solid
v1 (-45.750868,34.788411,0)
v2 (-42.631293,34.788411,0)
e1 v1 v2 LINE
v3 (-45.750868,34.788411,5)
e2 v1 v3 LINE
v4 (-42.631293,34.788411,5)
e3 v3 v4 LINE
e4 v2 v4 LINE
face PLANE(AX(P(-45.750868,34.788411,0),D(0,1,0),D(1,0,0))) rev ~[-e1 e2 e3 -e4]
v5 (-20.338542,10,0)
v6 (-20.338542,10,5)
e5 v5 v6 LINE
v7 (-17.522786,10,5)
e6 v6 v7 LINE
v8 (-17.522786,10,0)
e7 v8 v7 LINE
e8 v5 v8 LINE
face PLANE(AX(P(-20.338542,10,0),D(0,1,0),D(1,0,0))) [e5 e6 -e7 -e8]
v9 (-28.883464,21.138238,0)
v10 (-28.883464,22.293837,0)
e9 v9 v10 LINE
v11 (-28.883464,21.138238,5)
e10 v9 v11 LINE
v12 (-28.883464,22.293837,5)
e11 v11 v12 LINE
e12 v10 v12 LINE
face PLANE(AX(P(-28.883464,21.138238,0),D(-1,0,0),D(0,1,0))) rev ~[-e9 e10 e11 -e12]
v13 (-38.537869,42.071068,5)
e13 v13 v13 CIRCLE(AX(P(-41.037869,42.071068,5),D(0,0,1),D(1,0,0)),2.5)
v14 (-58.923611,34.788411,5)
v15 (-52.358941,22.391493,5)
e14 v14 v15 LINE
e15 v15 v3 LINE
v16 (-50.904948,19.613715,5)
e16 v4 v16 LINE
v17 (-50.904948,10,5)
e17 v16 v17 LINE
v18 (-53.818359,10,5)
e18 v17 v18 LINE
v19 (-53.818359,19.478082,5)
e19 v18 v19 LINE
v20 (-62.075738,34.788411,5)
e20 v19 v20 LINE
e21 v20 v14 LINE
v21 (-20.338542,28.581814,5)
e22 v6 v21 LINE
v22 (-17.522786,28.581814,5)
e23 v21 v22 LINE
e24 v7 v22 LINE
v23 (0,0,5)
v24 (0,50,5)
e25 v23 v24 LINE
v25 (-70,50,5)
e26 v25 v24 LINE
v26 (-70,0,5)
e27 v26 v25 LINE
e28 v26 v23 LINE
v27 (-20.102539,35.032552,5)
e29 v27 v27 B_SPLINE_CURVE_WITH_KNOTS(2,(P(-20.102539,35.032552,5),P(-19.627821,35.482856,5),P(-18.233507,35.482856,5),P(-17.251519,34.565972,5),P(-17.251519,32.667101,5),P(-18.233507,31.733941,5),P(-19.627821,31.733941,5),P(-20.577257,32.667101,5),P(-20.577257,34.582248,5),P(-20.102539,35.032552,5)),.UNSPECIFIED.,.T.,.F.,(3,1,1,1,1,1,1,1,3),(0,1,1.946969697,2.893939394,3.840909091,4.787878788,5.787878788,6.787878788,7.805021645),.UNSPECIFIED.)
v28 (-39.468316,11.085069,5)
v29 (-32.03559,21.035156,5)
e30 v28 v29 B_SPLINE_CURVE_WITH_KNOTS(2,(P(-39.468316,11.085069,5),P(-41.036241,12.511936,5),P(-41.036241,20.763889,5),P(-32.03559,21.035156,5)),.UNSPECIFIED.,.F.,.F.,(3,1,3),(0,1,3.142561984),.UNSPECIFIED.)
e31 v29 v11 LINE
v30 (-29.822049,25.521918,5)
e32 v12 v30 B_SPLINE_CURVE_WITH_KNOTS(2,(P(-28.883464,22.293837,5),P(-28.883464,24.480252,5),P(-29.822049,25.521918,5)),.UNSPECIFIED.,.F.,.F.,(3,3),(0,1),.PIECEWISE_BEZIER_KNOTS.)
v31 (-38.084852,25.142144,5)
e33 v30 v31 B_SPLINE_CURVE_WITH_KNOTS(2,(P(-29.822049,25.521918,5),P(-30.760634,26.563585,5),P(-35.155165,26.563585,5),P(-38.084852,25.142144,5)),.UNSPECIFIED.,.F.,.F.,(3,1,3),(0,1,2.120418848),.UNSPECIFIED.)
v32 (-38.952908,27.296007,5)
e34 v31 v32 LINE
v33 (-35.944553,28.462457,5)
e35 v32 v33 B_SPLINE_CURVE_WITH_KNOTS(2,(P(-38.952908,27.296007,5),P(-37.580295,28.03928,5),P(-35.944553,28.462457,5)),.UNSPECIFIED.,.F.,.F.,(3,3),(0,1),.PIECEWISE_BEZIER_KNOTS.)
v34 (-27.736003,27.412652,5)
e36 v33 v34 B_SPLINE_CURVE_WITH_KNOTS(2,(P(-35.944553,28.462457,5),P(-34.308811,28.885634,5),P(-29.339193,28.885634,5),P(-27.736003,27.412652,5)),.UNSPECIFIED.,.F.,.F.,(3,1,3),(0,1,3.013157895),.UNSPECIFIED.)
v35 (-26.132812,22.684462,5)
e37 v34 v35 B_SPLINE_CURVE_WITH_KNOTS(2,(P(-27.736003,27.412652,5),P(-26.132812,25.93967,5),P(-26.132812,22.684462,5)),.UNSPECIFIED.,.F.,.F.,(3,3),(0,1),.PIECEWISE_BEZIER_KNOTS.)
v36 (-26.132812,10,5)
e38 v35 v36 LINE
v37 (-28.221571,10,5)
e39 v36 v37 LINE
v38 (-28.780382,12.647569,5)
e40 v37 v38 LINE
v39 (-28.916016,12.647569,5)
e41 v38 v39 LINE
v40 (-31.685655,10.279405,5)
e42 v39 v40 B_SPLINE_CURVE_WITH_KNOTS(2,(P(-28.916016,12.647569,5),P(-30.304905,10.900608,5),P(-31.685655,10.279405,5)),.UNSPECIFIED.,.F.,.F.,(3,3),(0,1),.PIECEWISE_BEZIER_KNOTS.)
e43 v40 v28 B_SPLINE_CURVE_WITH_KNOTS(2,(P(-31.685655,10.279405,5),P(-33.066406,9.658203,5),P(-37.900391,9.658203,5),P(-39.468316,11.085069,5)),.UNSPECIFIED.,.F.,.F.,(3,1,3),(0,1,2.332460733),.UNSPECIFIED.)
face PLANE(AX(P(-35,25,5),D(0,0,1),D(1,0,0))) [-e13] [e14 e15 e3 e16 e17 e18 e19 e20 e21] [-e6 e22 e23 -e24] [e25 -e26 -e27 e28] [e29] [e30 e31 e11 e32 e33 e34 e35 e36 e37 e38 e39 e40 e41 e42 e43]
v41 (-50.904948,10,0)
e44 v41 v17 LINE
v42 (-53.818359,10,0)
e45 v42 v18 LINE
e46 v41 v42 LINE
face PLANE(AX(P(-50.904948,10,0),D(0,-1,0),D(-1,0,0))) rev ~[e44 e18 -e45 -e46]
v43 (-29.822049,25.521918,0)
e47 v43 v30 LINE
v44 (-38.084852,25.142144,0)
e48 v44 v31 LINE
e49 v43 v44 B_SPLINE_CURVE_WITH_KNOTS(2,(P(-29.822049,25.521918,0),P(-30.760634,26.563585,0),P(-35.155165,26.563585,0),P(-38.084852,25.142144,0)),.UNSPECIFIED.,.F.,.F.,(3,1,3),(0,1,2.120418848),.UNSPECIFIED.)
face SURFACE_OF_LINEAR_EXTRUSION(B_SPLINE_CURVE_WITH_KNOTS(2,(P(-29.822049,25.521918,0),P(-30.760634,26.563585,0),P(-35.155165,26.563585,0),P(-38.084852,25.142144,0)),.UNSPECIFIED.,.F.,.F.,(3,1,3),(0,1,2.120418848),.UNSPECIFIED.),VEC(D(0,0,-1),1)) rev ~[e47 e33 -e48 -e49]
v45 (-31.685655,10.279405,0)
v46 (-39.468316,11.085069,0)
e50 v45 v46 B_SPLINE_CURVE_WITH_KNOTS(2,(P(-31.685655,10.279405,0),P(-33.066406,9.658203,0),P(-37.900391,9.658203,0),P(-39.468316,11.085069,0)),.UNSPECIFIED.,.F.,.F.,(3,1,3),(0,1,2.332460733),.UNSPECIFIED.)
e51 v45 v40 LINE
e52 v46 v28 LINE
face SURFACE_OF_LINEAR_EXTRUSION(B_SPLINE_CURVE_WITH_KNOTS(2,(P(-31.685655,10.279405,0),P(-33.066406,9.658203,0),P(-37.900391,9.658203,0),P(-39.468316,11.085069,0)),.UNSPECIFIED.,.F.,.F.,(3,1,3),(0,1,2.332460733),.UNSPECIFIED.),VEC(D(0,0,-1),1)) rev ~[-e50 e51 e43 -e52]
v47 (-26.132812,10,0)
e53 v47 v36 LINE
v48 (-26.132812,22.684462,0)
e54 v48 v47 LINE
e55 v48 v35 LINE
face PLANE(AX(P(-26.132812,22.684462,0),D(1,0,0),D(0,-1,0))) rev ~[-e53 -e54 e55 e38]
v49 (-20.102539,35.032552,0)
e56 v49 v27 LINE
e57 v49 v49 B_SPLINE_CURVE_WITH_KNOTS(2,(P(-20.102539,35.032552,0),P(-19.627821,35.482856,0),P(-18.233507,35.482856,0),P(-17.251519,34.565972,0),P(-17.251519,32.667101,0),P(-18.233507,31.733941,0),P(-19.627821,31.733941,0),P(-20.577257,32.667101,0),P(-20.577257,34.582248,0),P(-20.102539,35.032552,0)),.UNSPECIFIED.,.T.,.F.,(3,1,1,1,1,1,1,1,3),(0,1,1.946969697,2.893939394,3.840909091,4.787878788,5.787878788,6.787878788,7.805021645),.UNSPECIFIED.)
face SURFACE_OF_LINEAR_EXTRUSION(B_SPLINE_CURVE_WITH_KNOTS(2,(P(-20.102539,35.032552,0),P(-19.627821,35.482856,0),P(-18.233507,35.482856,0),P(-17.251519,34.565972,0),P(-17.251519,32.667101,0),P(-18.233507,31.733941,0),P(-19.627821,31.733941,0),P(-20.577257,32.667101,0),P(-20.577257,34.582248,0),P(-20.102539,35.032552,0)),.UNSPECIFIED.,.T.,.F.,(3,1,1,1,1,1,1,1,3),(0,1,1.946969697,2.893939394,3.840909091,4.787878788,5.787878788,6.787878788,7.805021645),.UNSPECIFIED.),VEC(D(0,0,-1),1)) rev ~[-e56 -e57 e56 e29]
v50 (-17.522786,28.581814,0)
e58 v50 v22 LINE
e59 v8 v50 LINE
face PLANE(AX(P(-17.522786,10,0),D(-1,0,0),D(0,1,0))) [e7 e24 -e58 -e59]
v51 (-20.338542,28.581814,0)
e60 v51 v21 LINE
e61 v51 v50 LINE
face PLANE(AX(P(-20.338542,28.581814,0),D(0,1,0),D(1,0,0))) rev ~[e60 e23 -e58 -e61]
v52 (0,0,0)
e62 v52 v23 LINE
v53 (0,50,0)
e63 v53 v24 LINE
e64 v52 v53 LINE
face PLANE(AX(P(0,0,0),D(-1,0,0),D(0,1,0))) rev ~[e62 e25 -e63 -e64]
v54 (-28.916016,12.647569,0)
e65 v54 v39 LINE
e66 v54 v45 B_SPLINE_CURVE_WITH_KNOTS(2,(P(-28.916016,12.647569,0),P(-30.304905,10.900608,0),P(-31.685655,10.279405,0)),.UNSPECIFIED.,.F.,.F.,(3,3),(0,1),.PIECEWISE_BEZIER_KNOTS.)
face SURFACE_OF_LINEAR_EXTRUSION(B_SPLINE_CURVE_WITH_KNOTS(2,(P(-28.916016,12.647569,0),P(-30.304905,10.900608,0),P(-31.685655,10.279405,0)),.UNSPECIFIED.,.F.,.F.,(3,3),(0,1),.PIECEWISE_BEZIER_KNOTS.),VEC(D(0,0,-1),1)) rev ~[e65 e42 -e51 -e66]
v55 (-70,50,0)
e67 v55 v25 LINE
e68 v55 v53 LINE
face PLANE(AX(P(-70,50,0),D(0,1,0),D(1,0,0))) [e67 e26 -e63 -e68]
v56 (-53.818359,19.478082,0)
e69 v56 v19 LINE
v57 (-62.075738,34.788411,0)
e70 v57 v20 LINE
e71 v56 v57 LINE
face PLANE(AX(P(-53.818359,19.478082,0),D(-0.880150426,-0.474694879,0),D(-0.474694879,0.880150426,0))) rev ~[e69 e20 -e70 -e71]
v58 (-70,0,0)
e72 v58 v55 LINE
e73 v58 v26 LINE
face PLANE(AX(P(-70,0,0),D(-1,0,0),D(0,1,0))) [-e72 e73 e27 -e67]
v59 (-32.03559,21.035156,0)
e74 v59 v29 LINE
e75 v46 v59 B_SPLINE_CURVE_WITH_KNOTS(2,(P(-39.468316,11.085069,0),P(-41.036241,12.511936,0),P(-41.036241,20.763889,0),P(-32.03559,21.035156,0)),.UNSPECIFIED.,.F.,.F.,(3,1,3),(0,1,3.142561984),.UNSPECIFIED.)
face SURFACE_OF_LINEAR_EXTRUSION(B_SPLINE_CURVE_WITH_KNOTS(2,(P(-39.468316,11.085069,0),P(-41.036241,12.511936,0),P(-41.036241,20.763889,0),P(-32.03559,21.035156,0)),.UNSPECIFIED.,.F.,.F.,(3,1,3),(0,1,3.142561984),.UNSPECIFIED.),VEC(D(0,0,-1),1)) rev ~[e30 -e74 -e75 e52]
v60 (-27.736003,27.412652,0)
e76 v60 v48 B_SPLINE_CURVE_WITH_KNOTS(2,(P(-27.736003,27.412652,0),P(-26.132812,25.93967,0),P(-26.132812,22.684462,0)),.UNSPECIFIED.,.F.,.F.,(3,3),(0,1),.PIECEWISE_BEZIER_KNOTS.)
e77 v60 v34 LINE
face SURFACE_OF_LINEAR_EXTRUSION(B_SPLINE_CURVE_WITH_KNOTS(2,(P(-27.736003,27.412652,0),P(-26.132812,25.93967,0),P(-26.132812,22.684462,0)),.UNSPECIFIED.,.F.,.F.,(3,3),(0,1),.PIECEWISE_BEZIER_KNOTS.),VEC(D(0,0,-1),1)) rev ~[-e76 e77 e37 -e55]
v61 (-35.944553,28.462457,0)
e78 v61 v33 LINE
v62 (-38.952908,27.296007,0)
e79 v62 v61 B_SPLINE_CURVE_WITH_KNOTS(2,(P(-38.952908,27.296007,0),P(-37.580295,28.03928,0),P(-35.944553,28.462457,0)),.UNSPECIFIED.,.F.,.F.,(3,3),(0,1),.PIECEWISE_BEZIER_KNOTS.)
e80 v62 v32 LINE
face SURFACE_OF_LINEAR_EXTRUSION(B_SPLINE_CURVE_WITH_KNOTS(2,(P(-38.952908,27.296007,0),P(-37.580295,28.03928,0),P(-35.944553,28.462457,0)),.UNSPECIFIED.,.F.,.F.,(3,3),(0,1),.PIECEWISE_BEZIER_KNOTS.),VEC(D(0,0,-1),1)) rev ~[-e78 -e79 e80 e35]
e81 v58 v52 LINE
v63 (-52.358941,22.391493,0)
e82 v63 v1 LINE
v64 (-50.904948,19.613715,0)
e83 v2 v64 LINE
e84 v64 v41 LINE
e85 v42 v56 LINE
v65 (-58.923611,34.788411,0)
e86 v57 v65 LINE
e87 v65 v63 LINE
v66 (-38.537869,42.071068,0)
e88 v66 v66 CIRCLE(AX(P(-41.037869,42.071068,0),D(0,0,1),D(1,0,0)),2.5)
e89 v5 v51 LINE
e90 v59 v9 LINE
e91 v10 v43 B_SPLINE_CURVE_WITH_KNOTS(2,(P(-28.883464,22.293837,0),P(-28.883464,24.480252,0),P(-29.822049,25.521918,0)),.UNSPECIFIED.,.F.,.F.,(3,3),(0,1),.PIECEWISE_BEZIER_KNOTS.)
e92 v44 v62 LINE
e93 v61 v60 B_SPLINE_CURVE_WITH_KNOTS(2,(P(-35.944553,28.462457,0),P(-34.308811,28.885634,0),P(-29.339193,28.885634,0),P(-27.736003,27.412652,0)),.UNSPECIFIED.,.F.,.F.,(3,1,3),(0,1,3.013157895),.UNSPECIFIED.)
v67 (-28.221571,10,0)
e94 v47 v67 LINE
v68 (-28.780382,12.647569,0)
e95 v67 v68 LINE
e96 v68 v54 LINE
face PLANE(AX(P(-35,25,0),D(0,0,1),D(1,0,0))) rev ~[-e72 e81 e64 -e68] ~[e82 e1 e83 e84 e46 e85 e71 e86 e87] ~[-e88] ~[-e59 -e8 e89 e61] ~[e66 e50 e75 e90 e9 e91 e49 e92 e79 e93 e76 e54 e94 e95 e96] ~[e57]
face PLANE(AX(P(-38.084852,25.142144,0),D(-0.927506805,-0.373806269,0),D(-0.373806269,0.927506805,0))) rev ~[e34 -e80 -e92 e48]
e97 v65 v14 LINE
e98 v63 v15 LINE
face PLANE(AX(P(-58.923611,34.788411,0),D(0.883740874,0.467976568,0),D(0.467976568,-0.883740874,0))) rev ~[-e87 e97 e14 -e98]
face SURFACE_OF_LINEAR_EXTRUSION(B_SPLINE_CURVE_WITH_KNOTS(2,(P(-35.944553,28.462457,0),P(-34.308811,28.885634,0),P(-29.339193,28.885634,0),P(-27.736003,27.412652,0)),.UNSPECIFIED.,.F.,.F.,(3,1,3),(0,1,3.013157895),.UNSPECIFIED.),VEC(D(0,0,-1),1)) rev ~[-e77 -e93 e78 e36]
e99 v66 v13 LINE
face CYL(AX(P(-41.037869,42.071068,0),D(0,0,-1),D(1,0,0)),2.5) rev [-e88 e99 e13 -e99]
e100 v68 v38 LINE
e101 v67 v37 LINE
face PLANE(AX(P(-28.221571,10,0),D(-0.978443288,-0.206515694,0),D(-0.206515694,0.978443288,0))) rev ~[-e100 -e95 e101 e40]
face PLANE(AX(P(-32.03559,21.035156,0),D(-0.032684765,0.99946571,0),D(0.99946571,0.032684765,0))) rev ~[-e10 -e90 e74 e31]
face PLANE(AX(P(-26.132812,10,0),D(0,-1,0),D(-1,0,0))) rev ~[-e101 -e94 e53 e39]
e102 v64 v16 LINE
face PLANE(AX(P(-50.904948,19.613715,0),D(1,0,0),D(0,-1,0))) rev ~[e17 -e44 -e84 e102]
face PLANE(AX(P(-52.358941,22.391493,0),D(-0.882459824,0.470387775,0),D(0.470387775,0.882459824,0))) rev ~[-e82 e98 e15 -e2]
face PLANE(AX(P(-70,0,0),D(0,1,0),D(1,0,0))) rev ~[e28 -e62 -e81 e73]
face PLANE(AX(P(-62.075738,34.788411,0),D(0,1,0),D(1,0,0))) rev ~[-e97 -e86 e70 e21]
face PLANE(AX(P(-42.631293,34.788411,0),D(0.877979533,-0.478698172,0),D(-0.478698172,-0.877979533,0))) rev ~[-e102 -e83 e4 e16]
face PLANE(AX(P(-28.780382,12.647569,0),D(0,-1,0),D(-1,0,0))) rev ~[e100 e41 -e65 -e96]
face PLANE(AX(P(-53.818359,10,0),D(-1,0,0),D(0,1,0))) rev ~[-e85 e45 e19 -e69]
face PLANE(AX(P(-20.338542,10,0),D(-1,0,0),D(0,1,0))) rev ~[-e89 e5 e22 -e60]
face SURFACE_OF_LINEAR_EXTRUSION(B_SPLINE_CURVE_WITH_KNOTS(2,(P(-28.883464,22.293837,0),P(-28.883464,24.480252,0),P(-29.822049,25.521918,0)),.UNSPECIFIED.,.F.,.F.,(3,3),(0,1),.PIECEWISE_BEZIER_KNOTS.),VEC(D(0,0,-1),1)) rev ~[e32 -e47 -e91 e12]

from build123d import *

# Parameters (mm, degrees)
F0_W     = 70
F0_H     = 50
F0_W_2   = 2.8157552083
F0_H_2   = 18.5818142361
F0_R     = 2.5
F1_DEPTH = 5


with BuildPart() as f1:
    # F0 (on Top) → F1 (new body)
    with BuildSketch(Plane.XY):
        with Locations((-35, 25)):
            Rectangle(F0_W, F0_H)
        Polygon((-58.9236111111, 34.7884114583), (-52.3589409722, 22.3914930556), (-45.7508680556, 34.7884114583), (-42.6312934028, 34.7884114583), (-50.9049479167, 19.6137152778), (-50.9049479167, 10), (-53.818359375, 10), (-53.818359375, 19.4780815972), (-62.0757378472, 34.7884114583), align=None, mode=Mode.SUBTRACT)
        with BuildLine():
            Line((-26.1328125, 10), (-28.2215711806, 10))
            Line((-28.2215711806, 10), (-28.7803819444, 12.6475694444))
            Line((-28.7803819444, 12.6475694444), (-28.916015625, 12.6475694444))
            add(Edge.make_bspline(
                [(-28.916015625, 12.6475694444), (-30.3049045139, 10.9006076389), (-31.6856553819, 10.2794053819)],
                knots=[0, 0, 0, 1, 1, 1], degree=2))
            add(Edge.make_bspline(
                [(-31.6856553819, 10.2794053819), (-33.06640625, 9.658203125), (-35.1388888889, 9.658203125)],
                knots=[0, 0, 0, 1, 1, 1], degree=2))
            add(Edge.make_bspline(
                [(-35.1388888889, 9.658203125), (-37.900390625, 9.658203125), (-39.4683159722, 11.0850694444)],
                knots=[0, 0, 0, 1, 1, 1], degree=2))
            add(Edge.make_bspline(
                [(-39.4683159722, 11.0850694444), (-41.0362413194, 12.5119357639), (-41.0362413194, 15.1378038194)],
                knots=[0, 0, 0, 1, 1, 1], degree=2))
            add(Edge.make_bspline(
                [(-41.0362413194, 15.1378038194), (-41.0362413194, 20.7638888889), (-32.0355902778, 21.03515625)],
                knots=[0, 0, 0, 1, 1, 1], degree=2))
            Line((-32.0355902778, 21.03515625), (-28.8834635417, 21.1382378472))
            Line((-28.8834635417, 21.1382378472), (-28.8834635417, 22.2938368056))
            add(Edge.make_bspline(
                [(-28.8834635417, 22.2938368056), (-28.8834635417, 24.4802517361), (-29.8220486111, 25.5219184028)],
                knots=[0, 0, 0, 1, 1, 1], degree=2))
            add(Edge.make_bspline(
                [(-29.8220486111, 25.5219184028), (-30.7606336806, 26.5635850694), (-32.8331163194, 26.5635850694)],
                knots=[0, 0, 0, 1, 1, 1], degree=2))
            add(Edge.make_bspline(
                [(-32.8331163194, 26.5635850694), (-35.1551649306, 26.5635850694), (-38.0848524306, 25.1421440972)],
                knots=[0, 0, 0, 1, 1, 1], degree=2))
            Line((-38.0848524306, 25.1421440972), (-38.9529079861, 27.2960069444))
            add(Edge.make_bspline(
                [(-38.9529079861, 27.2960069444), (-37.5802951389, 28.0392795139), (-35.9445529514, 28.4624565972)],
                knots=[0, 0, 0, 1, 1, 1], degree=2))
            add(Edge.make_bspline(
                [(-35.9445529514, 28.4624565972), (-34.3088107639, 28.8856336806), (-32.6595052083, 28.8856336806)],
                knots=[0, 0, 0, 1, 1, 1], degree=2))
            add(Edge.make_bspline(
                [(-32.6595052083, 28.8856336806), (-29.3391927083, 28.8856336806), (-27.7360026042, 27.4126519097)],
                knots=[0, 0, 0, 1, 1, 1], degree=2))
            add(Edge.make_bspline(
                [(-27.7360026042, 27.4126519097), (-26.1328125, 25.9396701389), (-26.1328125, 22.6844618056)],
                knots=[0, 0, 0, 1, 1, 1], degree=2))
            Line((-26.1328125, 22.6844618056), (-26.1328125, 10))
        make_face(mode=Mode.SUBTRACT)
        with Locations((-18.9306640625, 19.2909071181)):
            Rectangle(F0_W_2, F0_H_2, mode=Mode.SUBTRACT)
        with Locations((-41.0378689236, 42.0710678119)):
            Circle(F0_R, mode=Mode.SUBTRACT)
        with BuildLine():
            add(Edge.make_bspline(
                [(-20.1025390625, 32.2005208333), (-20.5772569444, 32.6671006944), (-20.5772569444, 33.6165364583)],
                knots=[0, 0, 0, 1, 1, 1], degree=2))
            add(Edge.make_bspline(
                [(-20.5772569444, 33.6165364583), (-20.5772569444, 34.5822482639), (-20.1025390625, 35.0325520833)],
                knots=[0, 0, 0, 1, 1, 1], degree=2))
            add(Edge.make_bspline(
                [(-20.1025390625, 35.0325520833), (-19.6278211806, 35.4828559028), (-18.9116753472, 35.4828559028)],
                knots=[0, 0, 0, 1, 1, 1], degree=2))
            add(Edge.make_bspline(
                [(-18.9116753472, 35.4828559028), (-18.2335069444, 35.4828559028), (-17.7425130208, 35.0244140625)],
                knots=[0, 0, 0, 1, 1, 1], degree=2))
            add(Edge.make_bspline(
                [(-17.7425130208, 35.0244140625), (-17.2515190972, 34.5659722222), (-17.2515190972, 33.6165364583)],
                knots=[0, 0, 0, 1, 1, 1], degree=2))
            add(Edge.make_bspline(
                [(-17.2515190972, 33.6165364583), (-17.2515190972, 32.6671006944), (-17.7425130208, 32.2005208333)],
                knots=[0, 0, 0, 1, 1, 1], degree=2))
            add(Edge.make_bspline(
                [(-17.7425130208, 32.2005208333), (-18.2335069444, 31.7339409722), (-18.9116753472, 31.7339409722)],
                knots=[0, 0, 0, 1, 1, 1], degree=2))
            add(Edge.make_bspline(
                [(-18.9116753472, 31.7339409722), (-19.6278211806, 31.7339409722), (-20.1025390625, 32.2005208333)],
                knots=[0, 0, 0, 1, 1, 1], degree=2))
        make_face(mode=Mode.SUBTRACT)
    extrude(amount=F1_DEPTH)


solid = f1.part
